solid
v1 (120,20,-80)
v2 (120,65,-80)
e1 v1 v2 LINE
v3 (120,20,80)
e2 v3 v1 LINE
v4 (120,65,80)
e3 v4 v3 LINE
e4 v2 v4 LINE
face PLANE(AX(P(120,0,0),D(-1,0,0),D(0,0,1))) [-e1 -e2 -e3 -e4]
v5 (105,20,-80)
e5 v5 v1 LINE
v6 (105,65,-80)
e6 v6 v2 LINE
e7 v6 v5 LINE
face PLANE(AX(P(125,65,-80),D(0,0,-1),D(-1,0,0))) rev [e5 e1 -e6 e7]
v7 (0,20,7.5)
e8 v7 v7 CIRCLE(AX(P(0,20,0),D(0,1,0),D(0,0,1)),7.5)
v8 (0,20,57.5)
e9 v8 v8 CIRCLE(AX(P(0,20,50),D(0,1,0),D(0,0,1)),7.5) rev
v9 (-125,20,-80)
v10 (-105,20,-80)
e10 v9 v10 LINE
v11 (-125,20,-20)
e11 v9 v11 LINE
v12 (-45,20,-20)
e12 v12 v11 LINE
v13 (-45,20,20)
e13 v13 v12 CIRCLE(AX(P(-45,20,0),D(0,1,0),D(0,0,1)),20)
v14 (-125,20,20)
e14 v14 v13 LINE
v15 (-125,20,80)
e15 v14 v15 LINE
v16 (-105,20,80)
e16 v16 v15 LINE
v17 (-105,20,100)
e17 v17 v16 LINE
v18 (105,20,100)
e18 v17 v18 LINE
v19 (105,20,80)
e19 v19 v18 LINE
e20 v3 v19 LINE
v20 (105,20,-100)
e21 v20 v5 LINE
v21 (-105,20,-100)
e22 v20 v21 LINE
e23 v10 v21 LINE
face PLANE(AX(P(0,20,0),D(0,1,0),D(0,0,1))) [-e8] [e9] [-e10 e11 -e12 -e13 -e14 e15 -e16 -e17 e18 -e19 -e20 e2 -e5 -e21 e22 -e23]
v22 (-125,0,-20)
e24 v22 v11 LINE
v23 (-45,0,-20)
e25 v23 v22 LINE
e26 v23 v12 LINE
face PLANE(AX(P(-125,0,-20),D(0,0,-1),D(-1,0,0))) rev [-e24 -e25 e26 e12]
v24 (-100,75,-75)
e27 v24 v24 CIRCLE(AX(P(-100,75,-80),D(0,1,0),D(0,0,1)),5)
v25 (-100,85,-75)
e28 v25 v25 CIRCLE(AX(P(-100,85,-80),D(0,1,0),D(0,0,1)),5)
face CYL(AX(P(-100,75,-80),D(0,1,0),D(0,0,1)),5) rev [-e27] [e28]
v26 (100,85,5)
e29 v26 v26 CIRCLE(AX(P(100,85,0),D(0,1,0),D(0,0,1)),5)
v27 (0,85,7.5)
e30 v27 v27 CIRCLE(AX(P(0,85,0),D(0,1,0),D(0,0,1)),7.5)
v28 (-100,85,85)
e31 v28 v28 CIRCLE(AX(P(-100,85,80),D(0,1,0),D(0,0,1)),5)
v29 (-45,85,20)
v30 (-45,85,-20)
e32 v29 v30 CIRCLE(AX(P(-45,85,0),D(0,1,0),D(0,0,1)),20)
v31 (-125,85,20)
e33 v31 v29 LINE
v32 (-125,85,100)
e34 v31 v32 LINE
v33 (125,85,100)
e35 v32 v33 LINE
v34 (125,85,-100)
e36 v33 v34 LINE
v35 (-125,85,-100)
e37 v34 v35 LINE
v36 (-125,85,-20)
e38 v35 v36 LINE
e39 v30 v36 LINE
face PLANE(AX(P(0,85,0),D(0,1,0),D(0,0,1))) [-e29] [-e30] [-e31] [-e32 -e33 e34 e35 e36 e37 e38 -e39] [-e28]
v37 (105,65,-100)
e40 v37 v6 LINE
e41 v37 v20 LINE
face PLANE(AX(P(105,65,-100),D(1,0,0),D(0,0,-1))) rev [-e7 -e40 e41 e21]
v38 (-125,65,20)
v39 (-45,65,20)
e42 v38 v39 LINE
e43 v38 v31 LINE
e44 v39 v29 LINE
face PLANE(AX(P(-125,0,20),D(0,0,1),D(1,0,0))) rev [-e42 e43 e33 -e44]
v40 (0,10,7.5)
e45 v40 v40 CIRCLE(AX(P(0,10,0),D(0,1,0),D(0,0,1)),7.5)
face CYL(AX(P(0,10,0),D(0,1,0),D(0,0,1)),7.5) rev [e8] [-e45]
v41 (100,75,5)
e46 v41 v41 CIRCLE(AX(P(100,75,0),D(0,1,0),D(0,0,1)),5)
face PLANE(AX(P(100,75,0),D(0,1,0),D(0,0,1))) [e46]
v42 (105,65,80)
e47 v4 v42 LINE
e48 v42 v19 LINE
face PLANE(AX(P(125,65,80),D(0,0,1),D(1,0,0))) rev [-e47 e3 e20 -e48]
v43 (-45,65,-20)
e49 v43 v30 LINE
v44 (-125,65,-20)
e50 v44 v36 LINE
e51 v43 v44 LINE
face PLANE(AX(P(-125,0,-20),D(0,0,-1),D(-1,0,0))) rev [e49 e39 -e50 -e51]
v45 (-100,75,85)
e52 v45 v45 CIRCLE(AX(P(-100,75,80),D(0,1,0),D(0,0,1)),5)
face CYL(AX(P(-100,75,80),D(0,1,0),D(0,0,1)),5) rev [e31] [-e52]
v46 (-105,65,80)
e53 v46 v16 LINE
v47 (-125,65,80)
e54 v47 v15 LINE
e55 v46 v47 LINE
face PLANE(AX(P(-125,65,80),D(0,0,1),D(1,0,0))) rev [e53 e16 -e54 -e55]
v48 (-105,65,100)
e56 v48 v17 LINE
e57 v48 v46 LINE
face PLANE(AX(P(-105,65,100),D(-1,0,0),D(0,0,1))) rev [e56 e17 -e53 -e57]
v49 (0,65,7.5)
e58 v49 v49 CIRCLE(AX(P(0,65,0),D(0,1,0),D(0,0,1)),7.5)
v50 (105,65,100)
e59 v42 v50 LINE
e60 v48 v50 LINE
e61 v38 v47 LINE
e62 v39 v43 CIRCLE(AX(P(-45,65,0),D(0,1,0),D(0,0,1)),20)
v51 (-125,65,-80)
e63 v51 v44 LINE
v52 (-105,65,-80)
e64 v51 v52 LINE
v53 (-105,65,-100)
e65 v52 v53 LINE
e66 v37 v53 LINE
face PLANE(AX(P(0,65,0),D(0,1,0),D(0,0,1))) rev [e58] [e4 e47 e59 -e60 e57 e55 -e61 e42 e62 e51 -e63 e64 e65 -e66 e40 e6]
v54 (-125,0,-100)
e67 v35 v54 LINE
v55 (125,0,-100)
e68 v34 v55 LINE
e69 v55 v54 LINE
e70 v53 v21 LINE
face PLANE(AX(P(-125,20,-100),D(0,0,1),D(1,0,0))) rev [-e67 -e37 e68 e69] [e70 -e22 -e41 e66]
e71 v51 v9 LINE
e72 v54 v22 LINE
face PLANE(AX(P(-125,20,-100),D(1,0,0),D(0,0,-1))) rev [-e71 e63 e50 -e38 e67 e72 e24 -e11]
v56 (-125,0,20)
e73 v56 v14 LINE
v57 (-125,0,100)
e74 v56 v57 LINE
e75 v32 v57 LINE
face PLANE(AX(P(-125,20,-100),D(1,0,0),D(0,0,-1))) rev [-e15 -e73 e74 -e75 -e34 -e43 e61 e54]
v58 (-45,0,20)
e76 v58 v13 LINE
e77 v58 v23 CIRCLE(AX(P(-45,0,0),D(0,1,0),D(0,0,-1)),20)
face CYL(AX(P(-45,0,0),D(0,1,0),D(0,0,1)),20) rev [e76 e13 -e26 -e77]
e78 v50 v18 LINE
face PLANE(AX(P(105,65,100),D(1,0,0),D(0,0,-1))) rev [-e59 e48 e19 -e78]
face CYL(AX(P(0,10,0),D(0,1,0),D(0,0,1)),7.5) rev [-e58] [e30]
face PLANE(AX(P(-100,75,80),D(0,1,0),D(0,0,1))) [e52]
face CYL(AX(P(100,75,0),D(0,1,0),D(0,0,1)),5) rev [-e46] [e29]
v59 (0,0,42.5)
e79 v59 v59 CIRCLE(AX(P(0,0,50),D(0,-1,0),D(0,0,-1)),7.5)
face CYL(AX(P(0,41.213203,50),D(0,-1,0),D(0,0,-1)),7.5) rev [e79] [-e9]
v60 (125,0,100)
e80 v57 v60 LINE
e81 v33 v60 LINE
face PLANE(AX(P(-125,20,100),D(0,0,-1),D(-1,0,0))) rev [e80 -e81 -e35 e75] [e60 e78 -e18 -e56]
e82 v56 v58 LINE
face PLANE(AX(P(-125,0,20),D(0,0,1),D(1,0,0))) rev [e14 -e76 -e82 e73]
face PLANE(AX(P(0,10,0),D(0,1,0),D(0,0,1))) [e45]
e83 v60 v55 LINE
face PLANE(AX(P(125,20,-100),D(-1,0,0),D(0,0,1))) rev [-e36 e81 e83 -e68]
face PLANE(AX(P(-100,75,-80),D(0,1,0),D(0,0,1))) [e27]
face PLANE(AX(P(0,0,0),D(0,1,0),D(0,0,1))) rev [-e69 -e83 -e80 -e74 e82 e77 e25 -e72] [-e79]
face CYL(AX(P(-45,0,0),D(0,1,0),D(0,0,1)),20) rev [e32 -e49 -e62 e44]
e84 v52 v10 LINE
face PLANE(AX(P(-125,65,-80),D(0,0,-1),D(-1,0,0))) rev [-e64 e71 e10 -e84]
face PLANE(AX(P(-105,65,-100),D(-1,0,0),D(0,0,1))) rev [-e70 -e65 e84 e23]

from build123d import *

# Parameters (mm, degrees)
SKETCH1_W               = 250
SKETCH1_H               = 200
BOSS_EXTRUDE1_DEPTH     = 20
BOSS_EXTRUDE2_START     = 65
SKETCH1_2_W             = 250
SKETCH1_2_H             = 200
BOSS_EXTRUDE2_DEPTH     = 20
SKETCH2_W               = 20
SKETCH2_H               = 20
BOSS_EXTRUDE3_DEPTH     = 45
SKETCH4_R               = 5
CUT_EXTRUDE1_DEPTH      = 10
SKETCH5_R               = 7.5
CUT_EXTRUDE2_DEPTH      = 75
CUT_EXTRUDE3_DEPTH      = 1
CUT_EXTRUDE3_DEPTH_BACK = 86
SKETCH7_R               = 7.5
CUT_EXTRUDE4_DEPTH      = 20
SKETCH8_W               = 160
SKETCH8_H               = 45
BOSS_EXTRUDE4_DEPTH     = 5


with BuildPart() as part:
    # Sketch1 → Boss-Extrude1 (new body)
    with BuildSketch(Plane(origin=(0, 0, 0), x_dir=(1, 0, 0), z_dir=(0, 1, 0))):
        Rectangle(SKETCH1_W, SKETCH1_H)
    extrude(amount=BOSS_EXTRUDE1_DEPTH)



with BuildPart() as body_2:
    # Sketch1<2> → Boss-Extrude2 (new body)
    with BuildSketch(Plane(origin=(0, 0, 0), x_dir=(1, 0, 0), z_dir=(0, 1, 0)).offset(BOSS_EXTRUDE2_START)):
        Rectangle(SKETCH1_2_W, SKETCH1_2_H)
    extrude(amount=BOSS_EXTRUDE2_DEPTH)


with BuildPart() as part_1:
    add(part.part)

    add(body_2.part)  # Boss-Extrude3 merges body 2
    # Sketch2 → Boss-Extrude3 (add)
    with BuildSketch(Plane(origin=(0, 20, 0), x_dir=(1, 0, 0), z_dir=(0, 1, 0))):
        with Locations((-115, -90)):
            Rectangle(SKETCH2_W, SKETCH2_H)
        with Locations((-115, 90)):
            Rectangle(SKETCH2_W, SKETCH2_H)
        with Locations((115, 90)):
            Rectangle(SKETCH2_W, SKETCH2_H)
        with Locations((115, -90)):
            Rectangle(SKETCH2_W, SKETCH2_H)
    extrude(amount=BOSS_EXTRUDE3_DEPTH)

    # Sketch4 → Cut-Extrude1 (cut)
    with BuildSketch(Plane(origin=(0, 85, 0), x_dir=(1, 0, 0), z_dir=(0, 1, 0))):
        with Locations((100, 0)):
            Circle(SKETCH4_R)
        with Locations((-100, -80)):
            Circle(SKETCH4_R)
        with Locations((-100, 80)):
            Circle(SKETCH4_R)
    extrude(amount=-CUT_EXTRUDE1_DEPTH, mode=Mode.SUBTRACT)

    # Sketch5 → Cut-Extrude2 (cut)
    with BuildSketch(Plane(origin=(0, 85, 0), x_dir=(1, 0, 0), z_dir=(0, 1, 0))):
        Circle(SKETCH5_R)
    extrude(amount=-CUT_EXTRUDE2_DEPTH, mode=Mode.SUBTRACT)

    # Sketch6 → Cut-Extrude3 (cut, two sides)
    with BuildSketch(Plane(origin=(0, 85, 0), x_dir=(1, 0, 0), z_dir=(0, 1, 0))) as cut_extrude3_sk:
        with BuildLine():
            Line((-125, 20), (-45, 20))
            ThreePointArc((-45, 20), (-25, 0), (-45, -20))
            Line((-45, -20), (-125, -20))
            Line((-125, -20), (-125, 20))
        make_face()
    extrude(amount=CUT_EXTRUDE3_DEPTH, mode=Mode.SUBTRACT)
    extrude(cut_extrude3_sk.sketch, amount=-CUT_EXTRUDE3_DEPTH_BACK, mode=Mode.SUBTRACT)

    # Sketch7 → Cut-Extrude4 (cut)
    with BuildSketch(Plane.XZ):
        with Locations((0, 50)):
            Circle(SKETCH7_R)
    extrude(amount=-CUT_EXTRUDE4_DEPTH, mode=Mode.SUBTRACT)

    # Sketch8 → Boss-Extrude4 (add)
    with BuildSketch(Plane(origin=(125, 0, 0), x_dir=(0, 0, -1), z_dir=(1, 0, 0))):
        with Locations((0, 42.5)):
            Rectangle(SKETCH8_W, SKETCH8_H)
    extrude(amount=-BOSS_EXTRUDE4_DEPTH)


solid = part_1.part
